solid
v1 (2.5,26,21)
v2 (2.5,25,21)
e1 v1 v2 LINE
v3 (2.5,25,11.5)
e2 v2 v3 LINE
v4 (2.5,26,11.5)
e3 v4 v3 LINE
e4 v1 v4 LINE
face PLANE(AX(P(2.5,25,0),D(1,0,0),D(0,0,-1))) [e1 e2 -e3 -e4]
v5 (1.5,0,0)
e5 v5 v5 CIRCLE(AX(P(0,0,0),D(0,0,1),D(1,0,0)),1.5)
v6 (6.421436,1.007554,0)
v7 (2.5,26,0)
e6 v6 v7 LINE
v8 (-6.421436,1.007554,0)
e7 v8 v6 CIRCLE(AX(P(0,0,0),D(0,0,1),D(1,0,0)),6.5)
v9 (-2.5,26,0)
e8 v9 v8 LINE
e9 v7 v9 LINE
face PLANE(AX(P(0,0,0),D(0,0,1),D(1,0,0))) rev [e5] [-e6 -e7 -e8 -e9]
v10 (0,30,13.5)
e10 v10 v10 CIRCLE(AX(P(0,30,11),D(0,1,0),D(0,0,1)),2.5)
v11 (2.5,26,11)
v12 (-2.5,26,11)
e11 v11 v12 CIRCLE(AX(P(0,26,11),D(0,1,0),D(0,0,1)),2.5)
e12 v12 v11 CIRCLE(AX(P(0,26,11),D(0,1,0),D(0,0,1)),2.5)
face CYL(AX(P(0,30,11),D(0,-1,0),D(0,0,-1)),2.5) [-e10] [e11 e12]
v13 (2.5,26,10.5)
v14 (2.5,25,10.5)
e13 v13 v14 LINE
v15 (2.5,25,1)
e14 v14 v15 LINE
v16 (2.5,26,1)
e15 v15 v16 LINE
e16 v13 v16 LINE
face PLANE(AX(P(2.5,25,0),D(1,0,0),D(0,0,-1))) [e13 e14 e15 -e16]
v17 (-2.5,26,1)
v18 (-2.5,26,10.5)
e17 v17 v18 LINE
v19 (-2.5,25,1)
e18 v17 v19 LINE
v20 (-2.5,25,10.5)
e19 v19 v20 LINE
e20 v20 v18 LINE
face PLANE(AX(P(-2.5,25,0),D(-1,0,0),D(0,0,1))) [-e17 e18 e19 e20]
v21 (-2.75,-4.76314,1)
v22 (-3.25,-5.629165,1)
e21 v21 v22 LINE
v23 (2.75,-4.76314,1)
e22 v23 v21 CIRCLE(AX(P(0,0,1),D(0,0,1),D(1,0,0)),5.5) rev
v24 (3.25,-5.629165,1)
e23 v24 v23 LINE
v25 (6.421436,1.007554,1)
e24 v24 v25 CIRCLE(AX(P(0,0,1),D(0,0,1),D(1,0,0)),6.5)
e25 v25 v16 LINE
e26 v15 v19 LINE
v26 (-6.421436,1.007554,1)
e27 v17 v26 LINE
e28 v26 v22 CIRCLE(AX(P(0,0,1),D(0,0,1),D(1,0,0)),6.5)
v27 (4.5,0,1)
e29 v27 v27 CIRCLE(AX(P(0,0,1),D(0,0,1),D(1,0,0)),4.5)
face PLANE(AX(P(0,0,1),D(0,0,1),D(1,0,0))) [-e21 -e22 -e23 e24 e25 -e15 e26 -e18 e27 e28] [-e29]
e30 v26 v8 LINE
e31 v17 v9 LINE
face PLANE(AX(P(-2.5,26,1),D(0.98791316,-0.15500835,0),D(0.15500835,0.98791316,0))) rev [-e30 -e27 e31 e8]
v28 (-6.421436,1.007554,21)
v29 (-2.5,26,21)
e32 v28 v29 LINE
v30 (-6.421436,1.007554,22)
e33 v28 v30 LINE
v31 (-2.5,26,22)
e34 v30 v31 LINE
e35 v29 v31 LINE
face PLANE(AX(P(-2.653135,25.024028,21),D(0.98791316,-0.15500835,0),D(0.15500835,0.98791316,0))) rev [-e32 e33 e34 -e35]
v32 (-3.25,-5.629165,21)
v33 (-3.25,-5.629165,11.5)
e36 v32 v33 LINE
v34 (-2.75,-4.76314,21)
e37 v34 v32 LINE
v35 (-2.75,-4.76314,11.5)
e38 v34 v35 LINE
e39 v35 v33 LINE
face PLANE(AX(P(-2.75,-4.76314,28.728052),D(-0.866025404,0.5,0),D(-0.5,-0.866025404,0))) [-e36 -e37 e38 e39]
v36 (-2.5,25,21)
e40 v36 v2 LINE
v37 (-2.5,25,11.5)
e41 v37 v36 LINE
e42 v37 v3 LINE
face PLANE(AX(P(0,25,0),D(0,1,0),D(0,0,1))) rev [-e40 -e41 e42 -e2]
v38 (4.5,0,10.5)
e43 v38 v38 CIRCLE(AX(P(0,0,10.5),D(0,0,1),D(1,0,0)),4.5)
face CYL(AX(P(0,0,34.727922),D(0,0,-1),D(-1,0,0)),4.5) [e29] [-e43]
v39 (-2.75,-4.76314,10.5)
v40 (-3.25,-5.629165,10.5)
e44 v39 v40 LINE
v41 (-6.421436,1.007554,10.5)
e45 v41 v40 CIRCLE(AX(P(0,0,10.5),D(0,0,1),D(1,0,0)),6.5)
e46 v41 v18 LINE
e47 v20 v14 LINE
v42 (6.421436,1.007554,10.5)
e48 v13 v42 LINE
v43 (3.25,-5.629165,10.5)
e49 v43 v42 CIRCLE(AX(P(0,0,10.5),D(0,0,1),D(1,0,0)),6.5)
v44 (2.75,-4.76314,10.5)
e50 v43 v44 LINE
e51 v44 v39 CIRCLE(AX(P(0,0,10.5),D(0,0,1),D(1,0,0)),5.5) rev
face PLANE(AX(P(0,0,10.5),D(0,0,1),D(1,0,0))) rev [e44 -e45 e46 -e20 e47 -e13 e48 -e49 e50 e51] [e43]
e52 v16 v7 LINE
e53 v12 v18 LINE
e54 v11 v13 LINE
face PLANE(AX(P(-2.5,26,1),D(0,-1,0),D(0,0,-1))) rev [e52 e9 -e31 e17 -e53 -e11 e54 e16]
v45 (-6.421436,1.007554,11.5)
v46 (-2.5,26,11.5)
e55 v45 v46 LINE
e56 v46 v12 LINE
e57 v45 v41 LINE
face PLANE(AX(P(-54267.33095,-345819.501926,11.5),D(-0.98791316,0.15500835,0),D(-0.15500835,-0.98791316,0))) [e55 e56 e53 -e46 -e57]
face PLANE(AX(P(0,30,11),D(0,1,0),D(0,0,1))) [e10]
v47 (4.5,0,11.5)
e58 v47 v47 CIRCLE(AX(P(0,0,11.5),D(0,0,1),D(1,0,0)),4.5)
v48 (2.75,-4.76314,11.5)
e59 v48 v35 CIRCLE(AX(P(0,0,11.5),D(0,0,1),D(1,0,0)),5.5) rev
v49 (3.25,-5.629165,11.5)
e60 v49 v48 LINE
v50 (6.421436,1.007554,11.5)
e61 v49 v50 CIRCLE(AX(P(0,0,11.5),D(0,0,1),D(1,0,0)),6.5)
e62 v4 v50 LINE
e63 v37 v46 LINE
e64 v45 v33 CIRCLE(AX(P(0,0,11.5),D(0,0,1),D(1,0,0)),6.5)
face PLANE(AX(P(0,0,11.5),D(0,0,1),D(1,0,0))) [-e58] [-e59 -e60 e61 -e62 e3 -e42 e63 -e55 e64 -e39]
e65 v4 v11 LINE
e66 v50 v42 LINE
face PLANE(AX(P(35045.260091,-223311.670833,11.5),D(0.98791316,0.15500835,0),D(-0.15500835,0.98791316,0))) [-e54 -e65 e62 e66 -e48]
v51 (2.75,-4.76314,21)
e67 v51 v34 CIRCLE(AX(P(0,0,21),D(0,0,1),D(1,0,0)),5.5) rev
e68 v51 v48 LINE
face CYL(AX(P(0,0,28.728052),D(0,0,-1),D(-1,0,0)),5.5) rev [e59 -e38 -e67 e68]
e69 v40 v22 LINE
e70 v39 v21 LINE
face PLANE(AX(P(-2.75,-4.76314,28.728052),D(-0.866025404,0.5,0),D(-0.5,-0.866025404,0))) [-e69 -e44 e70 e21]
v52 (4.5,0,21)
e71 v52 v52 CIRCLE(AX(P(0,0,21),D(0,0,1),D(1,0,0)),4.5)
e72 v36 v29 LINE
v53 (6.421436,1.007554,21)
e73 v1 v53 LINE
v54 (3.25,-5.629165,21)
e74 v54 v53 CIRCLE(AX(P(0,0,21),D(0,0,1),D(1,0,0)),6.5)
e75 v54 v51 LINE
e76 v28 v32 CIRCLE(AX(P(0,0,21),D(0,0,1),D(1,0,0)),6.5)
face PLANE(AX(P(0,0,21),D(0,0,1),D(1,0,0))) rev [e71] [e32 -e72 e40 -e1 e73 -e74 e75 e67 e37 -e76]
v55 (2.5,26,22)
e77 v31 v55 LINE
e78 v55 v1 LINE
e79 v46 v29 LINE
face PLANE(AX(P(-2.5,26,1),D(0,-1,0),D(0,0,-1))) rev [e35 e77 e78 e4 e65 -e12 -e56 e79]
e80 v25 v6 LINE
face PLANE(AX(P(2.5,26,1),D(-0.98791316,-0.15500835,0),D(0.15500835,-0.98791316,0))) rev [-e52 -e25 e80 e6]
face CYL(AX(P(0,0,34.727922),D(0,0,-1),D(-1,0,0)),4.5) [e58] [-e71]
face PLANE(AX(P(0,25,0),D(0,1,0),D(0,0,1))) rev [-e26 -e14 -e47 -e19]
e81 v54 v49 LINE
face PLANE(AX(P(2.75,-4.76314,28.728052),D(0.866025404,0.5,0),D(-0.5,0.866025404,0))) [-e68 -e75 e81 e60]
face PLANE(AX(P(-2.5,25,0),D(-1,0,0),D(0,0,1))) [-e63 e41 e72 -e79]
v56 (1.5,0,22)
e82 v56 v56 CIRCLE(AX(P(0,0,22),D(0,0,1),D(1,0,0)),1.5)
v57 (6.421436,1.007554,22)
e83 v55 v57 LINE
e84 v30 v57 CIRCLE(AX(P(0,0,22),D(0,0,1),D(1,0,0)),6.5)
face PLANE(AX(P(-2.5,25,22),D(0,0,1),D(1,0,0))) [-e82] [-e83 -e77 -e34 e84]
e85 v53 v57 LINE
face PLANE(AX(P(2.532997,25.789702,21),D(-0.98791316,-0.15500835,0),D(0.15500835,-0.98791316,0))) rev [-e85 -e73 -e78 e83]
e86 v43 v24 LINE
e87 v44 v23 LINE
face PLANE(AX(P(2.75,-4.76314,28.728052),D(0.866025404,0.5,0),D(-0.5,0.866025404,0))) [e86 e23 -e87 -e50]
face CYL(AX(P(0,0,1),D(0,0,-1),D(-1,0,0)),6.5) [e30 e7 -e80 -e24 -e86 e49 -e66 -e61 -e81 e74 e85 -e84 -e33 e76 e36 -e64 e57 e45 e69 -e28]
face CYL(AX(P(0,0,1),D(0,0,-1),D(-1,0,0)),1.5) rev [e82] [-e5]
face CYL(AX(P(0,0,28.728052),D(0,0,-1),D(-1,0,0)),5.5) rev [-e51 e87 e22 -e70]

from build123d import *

# Parameters (mm, degrees)
SKETCH_1_R      = 1.5
EXTRUDE_1_DEPTH = 1
SKETCH_2_W      = 5
SKETCH_2_H      = 22
EXTRUDE_2_DEPTH = 1
EXTRUDE_START   = 21
SKETCH_1_2_R    = 1.5
EXTRUDE_3_DEPTH = 1
EXTRUDE_START_2 = 11
SKETCH_1_3_R    = 1.5
EXTRUDE_4_DEPTH = 0.5
SKETCH_3_R      = 2.5
EXTRUDE_5_DEPTH = 4
EXTRUDE_6_REACH = 39.766
EXTRUDE_7_REACH = 39.766
SKETCH_5_R      = 4.5
SKETCH_5_R_2    = 1.5


with BuildPart() as part:
    # 草图1 → 凸台-拉伸1 (new body)
    with BuildSketch(Plane.XY):
        with BuildLine():
            Line((-2.5, 26), (-6.421436, 1.007554))
            ThreePointArc((-6.421436, 1.007554), (0, -6.5), (6.421436, 1.007554))
            Line((6.421436, 1.007554), (2.5, 26))
            Line((2.5, 26), (-2.5, 26))
        make_face()
        Circle(SKETCH_1_R, mode=Mode.SUBTRACT)
    extrude(amount=EXTRUDE_1_DEPTH)

    # 草图2 → 凸台-拉伸2 (add)
    with BuildSketch(Plane(origin=(0, 26, 0), x_dir=(1, 0, 0), z_dir=(0, 1, 0))):
        with Locations((0, -11)):
            Rectangle(SKETCH_2_W, SKETCH_2_H)
    extrude(amount=-EXTRUDE_2_DEPTH)

    # 草图1<2> → 凸台-拉伸3 (add)
    with BuildSketch(Plane.XY.offset(EXTRUDE_START)):
        with BuildLine():
            Line((-2.5, 26), (-6.421436, 1.007554))
            ThreePointArc((-6.421436, 1.007554), (0, -6.5), (6.421436, 1.007554))
            Line((6.421436, 1.007554), (2.5, 26))
            Line((2.5, 26), (-2.5, 26))
        make_face()
        Circle(SKETCH_1_2_R, mode=Mode.SUBTRACT)
    extrude(amount=EXTRUDE_3_DEPTH)

    # 草图1<3> → 凸台-拉伸4 (add, symmetric)
    with BuildSketch(Plane.XY.offset(EXTRUDE_START_2)):
        with BuildLine():
            Line((-2.5, 26), (-6.421436, 1.007554))
            ThreePointArc((-6.421436, 1.007554), (0, -6.5), (6.421436, 1.007554))
            Line((6.421436, 1.007554), (2.5, 26))
            Line((2.5, 26), (-2.5, 26))
        make_face()
        Circle(SKETCH_1_3_R, mode=Mode.SUBTRACT)
    extrude(amount=EXTRUDE_4_DEPTH, both=True)

    # 草图3 → 凸台-拉伸5 (add)
    with BuildSketch(Plane(origin=(0, 26, 0), x_dir=(1, 0, 0), z_dir=(0, 1, 0))):
        with Locations(Location((0, -11, 0), (0, 0, 180))):
            Circle(SKETCH_3_R)
    extrude(amount=EXTRUDE_5_DEPTH)

    # 凸台-拉伸6: up to this face of the body (flat: up to its plane)
    extrude_6_end = Plane(part.part.faces().sort_by_distance((0, 8.21558, 22))[0])
    # 草图4 → 凸台-拉伸6 (add, up to the picked face)
    with BuildSketch(Plane(origin=(0, 0, 0), x_dir=(-1, 0, 0), z_dir=(0, 0, -1)), mode=Mode.PRIVATE) as extrude_6_sk1:
        with BuildLine():
            Line((-2.75, -4.76314), (-3.25, -5.629165))
            ThreePointArc((-3.25, -5.629165), (0, -6.5), (3.25, -5.629165))
            Line((3.25, -5.629165), (2.75, -4.76314))
            ThreePointArc((2.75, -4.76314), (0, -5.5), (-2.75, -4.76314))
        make_face()
    extrude_6_tool1 = split(extrude(extrude_6_sk1.sketch, amount=-EXTRUDE_6_REACH, mode=Mode.PRIVATE), bisect_by=extrude_6_end, keep=Keep.BOTH, mode=Mode.PRIVATE)
    add(extrude_6_tool1.solids().sort_by(Axis((0, -5.742841, 0), (0, 0, 1)))[0])

    # 凸台-拉伸7: up to this face of the body (flat: up to its plane)
    extrude_7_end = Plane(part.part.faces().sort_by_distance((0, 8.21558, 22))[0])
    # 草图5 → 凸台-拉伸7 (add, up to the picked face)
    with BuildSketch(Plane(origin=(0, 0, 0), x_dir=(-1, 0, 0), z_dir=(0, 0, -1)), mode=Mode.PRIVATE) as extrude_7_sk1:
        with Locations(Location((0, 0, 0), (0, 0, 180))):
            Circle(SKETCH_5_R)
        with Locations(Location((0, 0, 0), (0, 0, 180))):
            Circle(SKETCH_5_R_2, mode=Mode.SUBTRACT)
    extrude_7_tool1 = split(extrude(extrude_7_sk1.sketch, amount=-EXTRUDE_7_REACH, mode=Mode.PRIVATE), bisect_by=extrude_7_end, keep=Keep.BOTH, mode=Mode.PRIVATE)
    add(extrude_7_tool1.solids().sort_by(Axis((-4.372721, 0, 0), (0, 0, 1)))[0])


solid = part.part
